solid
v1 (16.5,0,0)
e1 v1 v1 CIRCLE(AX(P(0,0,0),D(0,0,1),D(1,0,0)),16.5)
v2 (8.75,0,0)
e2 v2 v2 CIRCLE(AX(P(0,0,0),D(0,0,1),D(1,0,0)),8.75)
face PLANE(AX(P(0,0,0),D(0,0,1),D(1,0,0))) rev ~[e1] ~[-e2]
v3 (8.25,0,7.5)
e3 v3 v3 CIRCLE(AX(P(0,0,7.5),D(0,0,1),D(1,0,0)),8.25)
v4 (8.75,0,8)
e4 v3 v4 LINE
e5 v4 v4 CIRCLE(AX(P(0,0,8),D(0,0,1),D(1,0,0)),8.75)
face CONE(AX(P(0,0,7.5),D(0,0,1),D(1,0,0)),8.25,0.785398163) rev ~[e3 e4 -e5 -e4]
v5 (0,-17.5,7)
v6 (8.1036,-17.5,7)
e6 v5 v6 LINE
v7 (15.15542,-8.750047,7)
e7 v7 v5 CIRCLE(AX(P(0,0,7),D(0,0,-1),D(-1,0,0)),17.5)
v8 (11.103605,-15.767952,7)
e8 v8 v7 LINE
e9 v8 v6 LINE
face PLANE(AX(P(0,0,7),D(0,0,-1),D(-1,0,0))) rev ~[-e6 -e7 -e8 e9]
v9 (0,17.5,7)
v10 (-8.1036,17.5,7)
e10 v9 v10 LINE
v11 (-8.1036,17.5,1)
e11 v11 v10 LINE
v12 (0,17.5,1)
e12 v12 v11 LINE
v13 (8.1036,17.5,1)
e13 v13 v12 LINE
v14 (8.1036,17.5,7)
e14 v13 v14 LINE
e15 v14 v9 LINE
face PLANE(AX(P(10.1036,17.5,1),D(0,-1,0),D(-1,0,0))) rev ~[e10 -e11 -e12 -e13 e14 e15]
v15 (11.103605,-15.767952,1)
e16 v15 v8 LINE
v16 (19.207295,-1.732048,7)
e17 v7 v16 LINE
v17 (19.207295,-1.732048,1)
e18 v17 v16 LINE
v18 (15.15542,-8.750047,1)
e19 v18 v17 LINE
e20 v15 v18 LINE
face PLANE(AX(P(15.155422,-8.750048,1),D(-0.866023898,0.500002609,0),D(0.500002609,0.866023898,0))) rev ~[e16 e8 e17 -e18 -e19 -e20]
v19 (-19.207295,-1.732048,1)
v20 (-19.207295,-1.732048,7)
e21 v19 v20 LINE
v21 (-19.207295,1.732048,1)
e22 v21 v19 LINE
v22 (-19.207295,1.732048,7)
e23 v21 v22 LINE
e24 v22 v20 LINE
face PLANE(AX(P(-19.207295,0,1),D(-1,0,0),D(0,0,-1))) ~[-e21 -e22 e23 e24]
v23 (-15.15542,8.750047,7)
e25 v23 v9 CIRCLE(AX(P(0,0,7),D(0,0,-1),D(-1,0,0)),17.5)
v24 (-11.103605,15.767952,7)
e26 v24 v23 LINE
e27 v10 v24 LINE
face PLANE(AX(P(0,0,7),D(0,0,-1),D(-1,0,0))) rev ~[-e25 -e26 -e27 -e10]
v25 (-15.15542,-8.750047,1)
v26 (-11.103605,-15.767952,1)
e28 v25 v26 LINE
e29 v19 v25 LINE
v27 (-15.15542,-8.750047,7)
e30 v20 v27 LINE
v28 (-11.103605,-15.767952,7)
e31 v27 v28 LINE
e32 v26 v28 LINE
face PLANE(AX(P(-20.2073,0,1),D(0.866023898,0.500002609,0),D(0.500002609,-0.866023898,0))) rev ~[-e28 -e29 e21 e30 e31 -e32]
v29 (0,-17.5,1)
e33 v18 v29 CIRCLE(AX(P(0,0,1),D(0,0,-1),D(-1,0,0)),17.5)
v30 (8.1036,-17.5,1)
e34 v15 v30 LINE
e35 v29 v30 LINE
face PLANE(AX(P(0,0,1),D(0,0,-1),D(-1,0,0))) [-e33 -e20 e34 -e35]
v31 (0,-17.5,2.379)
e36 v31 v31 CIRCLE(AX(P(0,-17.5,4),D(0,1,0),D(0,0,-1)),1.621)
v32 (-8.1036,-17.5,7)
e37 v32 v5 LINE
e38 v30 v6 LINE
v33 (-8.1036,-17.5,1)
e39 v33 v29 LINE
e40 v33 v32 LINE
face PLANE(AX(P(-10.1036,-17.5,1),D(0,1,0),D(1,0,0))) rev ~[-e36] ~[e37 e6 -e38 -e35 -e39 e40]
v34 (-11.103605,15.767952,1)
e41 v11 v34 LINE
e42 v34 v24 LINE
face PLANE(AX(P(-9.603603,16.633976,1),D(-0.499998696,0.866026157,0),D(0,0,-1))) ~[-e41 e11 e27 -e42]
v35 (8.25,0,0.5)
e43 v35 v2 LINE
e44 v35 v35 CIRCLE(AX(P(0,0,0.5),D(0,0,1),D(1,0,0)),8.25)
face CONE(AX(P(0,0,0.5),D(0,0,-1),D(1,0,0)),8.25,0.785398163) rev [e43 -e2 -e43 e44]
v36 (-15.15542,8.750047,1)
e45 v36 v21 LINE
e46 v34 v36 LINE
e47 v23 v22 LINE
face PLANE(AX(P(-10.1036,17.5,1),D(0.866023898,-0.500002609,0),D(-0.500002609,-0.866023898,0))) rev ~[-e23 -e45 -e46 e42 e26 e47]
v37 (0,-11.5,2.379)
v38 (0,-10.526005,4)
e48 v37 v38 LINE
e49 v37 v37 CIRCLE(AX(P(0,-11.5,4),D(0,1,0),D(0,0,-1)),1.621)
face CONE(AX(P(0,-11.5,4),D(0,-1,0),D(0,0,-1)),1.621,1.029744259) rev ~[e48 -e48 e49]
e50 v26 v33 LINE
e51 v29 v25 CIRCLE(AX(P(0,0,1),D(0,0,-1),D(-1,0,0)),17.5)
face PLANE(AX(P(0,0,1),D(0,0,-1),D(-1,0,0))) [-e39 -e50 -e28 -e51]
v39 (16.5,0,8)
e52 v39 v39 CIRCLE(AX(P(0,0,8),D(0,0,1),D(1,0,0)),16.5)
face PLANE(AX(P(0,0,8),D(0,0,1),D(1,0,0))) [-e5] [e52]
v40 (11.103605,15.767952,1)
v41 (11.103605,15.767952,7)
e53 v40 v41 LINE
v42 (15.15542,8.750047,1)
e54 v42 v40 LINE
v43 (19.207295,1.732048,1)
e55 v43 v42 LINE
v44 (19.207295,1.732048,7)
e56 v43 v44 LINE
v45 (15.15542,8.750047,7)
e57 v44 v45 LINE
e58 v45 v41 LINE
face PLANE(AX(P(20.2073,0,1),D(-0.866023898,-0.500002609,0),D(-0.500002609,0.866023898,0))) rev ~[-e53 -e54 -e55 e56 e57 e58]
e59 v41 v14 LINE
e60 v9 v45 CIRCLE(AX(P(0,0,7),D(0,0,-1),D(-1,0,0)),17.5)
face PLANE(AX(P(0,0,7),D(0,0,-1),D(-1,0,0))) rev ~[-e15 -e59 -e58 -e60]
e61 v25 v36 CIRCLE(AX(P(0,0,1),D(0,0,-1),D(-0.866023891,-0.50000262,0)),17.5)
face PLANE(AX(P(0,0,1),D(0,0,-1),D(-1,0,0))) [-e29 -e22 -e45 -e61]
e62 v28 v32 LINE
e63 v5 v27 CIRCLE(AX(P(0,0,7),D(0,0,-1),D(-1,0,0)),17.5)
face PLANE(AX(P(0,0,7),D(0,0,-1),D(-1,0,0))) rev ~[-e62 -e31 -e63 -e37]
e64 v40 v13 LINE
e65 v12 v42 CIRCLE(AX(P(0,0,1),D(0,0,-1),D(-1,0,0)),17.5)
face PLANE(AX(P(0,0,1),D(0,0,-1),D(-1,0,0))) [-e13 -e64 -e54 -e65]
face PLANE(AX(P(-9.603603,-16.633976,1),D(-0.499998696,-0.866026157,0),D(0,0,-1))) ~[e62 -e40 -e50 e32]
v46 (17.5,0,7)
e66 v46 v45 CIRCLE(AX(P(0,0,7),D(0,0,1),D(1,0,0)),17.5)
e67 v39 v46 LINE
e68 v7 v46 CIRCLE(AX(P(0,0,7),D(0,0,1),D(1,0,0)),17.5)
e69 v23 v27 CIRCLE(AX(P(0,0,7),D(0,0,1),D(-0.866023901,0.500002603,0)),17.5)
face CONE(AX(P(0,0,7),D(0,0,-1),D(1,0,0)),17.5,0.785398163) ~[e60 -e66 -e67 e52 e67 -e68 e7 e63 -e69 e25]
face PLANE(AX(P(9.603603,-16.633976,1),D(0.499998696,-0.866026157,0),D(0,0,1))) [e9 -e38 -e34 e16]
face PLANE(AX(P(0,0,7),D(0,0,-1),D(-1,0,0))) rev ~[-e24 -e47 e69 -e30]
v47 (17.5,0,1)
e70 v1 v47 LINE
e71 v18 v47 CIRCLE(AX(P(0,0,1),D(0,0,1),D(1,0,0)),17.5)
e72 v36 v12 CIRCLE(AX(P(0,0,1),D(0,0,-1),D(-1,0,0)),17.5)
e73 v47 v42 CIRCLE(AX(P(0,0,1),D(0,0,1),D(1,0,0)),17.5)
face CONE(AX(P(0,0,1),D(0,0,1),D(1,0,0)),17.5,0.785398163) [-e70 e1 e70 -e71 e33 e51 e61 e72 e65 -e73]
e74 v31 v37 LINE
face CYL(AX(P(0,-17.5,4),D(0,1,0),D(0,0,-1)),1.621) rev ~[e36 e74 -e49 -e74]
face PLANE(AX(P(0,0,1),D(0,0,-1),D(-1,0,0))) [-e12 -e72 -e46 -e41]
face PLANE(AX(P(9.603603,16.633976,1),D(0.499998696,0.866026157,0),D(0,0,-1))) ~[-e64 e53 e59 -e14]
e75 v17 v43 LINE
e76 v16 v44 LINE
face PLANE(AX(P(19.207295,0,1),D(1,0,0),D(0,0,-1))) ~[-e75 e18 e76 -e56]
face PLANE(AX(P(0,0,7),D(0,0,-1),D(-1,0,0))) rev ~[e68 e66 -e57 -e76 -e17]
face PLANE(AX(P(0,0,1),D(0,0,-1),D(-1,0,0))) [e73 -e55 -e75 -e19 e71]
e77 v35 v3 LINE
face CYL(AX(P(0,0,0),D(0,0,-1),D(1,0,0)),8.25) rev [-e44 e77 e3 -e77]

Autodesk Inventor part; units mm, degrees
ref_plane "YZ Plane" through (0, 0, 0) normal (1, 0, 0) x (0, 1, 0)
ref_plane "XZ Plane" through (0, 0, 0) normal (0, 1, 0) x (-1, 0, 0)
sketch "Esquisse1" plane through (0, 0, 0) normal (0, 0, 1) x (1, 0, 0)
  circle A0 centre (0, 0) radius 17.5
  circle A1 centre (0, 0) radius 8.25
  dimension "d0" = 16.5
  dimension "d1" = 35
extrude "Extrusion1" add sketch "Esquisse1" along normal blind 8
chamfer "Chanfrein1" distance 0.5 angle 45 2 edges at (-8.25, 0, 0) (-8.25, 0, 8)
chamfer "Chanfrein2" distance 1 angle 45 2 edges at (-17.5, 0, 8) (-17.5, 0, 0)
ref_plane "Plan de construction1" through (0, 0, 1) normal (0, 0, -1) x (-1, 0, 0)
sketch "Esquisse3" plane through (0, 0, 1) normal (0, 0, -1) x (-1, 0, 0)
  circle A0 centre (0, 0) radius 17.5 projected
  circle A1 centre (0, 0) radius 8.25 projected
  line L0 (10.1036, 17.5) -> (20.2073, 0)
  line L1 (20.2073, 0) -> (10.1036, -17.5)
  line L2 (10.1036, -17.5) -> (-10.1036, -17.5)
  line L3 (-10.1036, -17.5) -> (-20.2073, 0)
  line L4 (-20.2073, 0) -> (-10.1036, 17.5)
  line L5 (-10.1036, 17.5) -> (10.1036, 17.5)
extrude "Extrusion2" add sketch "Esquisse3" against normal blind 6 contours A0 L0 L1 | A0 L5 L0 | L1 L2 A0 | A0 L4 L5 | L2 L3 A0 | A0 L3 L4
chamfer "Chanfrein3" distance 2 angle 45 6 edges at (10.1036, 17.5, 4) (20.2073, 0, 4) (10.1036, -17.5, 4) (-10.1036, -17.5, 4) (-20.2073, 0, 4) (-10.1036, 17.5, 4)
sketch "Esquisse4" plane through (-8.1036, -17.5, 1) normal (0, -1, 0) x (1, 0, 0)
  line L0 (16.2073, 6) -> (16.2073, 0) projected
  point P0 (8.1036, -1)
  point P1 (8.1036, 3)
  point P2 (16.2073, 3)
hole "Perçage1" at (0, -17.5, 4) direction (0, 1, 0) diameter 3.242 depth 6 tip angle 118 thread size "M4x0.7" class "6H" standard "ISO Metric profile"
properties part number "support_canon_ext" material "Aluminium 6061"
